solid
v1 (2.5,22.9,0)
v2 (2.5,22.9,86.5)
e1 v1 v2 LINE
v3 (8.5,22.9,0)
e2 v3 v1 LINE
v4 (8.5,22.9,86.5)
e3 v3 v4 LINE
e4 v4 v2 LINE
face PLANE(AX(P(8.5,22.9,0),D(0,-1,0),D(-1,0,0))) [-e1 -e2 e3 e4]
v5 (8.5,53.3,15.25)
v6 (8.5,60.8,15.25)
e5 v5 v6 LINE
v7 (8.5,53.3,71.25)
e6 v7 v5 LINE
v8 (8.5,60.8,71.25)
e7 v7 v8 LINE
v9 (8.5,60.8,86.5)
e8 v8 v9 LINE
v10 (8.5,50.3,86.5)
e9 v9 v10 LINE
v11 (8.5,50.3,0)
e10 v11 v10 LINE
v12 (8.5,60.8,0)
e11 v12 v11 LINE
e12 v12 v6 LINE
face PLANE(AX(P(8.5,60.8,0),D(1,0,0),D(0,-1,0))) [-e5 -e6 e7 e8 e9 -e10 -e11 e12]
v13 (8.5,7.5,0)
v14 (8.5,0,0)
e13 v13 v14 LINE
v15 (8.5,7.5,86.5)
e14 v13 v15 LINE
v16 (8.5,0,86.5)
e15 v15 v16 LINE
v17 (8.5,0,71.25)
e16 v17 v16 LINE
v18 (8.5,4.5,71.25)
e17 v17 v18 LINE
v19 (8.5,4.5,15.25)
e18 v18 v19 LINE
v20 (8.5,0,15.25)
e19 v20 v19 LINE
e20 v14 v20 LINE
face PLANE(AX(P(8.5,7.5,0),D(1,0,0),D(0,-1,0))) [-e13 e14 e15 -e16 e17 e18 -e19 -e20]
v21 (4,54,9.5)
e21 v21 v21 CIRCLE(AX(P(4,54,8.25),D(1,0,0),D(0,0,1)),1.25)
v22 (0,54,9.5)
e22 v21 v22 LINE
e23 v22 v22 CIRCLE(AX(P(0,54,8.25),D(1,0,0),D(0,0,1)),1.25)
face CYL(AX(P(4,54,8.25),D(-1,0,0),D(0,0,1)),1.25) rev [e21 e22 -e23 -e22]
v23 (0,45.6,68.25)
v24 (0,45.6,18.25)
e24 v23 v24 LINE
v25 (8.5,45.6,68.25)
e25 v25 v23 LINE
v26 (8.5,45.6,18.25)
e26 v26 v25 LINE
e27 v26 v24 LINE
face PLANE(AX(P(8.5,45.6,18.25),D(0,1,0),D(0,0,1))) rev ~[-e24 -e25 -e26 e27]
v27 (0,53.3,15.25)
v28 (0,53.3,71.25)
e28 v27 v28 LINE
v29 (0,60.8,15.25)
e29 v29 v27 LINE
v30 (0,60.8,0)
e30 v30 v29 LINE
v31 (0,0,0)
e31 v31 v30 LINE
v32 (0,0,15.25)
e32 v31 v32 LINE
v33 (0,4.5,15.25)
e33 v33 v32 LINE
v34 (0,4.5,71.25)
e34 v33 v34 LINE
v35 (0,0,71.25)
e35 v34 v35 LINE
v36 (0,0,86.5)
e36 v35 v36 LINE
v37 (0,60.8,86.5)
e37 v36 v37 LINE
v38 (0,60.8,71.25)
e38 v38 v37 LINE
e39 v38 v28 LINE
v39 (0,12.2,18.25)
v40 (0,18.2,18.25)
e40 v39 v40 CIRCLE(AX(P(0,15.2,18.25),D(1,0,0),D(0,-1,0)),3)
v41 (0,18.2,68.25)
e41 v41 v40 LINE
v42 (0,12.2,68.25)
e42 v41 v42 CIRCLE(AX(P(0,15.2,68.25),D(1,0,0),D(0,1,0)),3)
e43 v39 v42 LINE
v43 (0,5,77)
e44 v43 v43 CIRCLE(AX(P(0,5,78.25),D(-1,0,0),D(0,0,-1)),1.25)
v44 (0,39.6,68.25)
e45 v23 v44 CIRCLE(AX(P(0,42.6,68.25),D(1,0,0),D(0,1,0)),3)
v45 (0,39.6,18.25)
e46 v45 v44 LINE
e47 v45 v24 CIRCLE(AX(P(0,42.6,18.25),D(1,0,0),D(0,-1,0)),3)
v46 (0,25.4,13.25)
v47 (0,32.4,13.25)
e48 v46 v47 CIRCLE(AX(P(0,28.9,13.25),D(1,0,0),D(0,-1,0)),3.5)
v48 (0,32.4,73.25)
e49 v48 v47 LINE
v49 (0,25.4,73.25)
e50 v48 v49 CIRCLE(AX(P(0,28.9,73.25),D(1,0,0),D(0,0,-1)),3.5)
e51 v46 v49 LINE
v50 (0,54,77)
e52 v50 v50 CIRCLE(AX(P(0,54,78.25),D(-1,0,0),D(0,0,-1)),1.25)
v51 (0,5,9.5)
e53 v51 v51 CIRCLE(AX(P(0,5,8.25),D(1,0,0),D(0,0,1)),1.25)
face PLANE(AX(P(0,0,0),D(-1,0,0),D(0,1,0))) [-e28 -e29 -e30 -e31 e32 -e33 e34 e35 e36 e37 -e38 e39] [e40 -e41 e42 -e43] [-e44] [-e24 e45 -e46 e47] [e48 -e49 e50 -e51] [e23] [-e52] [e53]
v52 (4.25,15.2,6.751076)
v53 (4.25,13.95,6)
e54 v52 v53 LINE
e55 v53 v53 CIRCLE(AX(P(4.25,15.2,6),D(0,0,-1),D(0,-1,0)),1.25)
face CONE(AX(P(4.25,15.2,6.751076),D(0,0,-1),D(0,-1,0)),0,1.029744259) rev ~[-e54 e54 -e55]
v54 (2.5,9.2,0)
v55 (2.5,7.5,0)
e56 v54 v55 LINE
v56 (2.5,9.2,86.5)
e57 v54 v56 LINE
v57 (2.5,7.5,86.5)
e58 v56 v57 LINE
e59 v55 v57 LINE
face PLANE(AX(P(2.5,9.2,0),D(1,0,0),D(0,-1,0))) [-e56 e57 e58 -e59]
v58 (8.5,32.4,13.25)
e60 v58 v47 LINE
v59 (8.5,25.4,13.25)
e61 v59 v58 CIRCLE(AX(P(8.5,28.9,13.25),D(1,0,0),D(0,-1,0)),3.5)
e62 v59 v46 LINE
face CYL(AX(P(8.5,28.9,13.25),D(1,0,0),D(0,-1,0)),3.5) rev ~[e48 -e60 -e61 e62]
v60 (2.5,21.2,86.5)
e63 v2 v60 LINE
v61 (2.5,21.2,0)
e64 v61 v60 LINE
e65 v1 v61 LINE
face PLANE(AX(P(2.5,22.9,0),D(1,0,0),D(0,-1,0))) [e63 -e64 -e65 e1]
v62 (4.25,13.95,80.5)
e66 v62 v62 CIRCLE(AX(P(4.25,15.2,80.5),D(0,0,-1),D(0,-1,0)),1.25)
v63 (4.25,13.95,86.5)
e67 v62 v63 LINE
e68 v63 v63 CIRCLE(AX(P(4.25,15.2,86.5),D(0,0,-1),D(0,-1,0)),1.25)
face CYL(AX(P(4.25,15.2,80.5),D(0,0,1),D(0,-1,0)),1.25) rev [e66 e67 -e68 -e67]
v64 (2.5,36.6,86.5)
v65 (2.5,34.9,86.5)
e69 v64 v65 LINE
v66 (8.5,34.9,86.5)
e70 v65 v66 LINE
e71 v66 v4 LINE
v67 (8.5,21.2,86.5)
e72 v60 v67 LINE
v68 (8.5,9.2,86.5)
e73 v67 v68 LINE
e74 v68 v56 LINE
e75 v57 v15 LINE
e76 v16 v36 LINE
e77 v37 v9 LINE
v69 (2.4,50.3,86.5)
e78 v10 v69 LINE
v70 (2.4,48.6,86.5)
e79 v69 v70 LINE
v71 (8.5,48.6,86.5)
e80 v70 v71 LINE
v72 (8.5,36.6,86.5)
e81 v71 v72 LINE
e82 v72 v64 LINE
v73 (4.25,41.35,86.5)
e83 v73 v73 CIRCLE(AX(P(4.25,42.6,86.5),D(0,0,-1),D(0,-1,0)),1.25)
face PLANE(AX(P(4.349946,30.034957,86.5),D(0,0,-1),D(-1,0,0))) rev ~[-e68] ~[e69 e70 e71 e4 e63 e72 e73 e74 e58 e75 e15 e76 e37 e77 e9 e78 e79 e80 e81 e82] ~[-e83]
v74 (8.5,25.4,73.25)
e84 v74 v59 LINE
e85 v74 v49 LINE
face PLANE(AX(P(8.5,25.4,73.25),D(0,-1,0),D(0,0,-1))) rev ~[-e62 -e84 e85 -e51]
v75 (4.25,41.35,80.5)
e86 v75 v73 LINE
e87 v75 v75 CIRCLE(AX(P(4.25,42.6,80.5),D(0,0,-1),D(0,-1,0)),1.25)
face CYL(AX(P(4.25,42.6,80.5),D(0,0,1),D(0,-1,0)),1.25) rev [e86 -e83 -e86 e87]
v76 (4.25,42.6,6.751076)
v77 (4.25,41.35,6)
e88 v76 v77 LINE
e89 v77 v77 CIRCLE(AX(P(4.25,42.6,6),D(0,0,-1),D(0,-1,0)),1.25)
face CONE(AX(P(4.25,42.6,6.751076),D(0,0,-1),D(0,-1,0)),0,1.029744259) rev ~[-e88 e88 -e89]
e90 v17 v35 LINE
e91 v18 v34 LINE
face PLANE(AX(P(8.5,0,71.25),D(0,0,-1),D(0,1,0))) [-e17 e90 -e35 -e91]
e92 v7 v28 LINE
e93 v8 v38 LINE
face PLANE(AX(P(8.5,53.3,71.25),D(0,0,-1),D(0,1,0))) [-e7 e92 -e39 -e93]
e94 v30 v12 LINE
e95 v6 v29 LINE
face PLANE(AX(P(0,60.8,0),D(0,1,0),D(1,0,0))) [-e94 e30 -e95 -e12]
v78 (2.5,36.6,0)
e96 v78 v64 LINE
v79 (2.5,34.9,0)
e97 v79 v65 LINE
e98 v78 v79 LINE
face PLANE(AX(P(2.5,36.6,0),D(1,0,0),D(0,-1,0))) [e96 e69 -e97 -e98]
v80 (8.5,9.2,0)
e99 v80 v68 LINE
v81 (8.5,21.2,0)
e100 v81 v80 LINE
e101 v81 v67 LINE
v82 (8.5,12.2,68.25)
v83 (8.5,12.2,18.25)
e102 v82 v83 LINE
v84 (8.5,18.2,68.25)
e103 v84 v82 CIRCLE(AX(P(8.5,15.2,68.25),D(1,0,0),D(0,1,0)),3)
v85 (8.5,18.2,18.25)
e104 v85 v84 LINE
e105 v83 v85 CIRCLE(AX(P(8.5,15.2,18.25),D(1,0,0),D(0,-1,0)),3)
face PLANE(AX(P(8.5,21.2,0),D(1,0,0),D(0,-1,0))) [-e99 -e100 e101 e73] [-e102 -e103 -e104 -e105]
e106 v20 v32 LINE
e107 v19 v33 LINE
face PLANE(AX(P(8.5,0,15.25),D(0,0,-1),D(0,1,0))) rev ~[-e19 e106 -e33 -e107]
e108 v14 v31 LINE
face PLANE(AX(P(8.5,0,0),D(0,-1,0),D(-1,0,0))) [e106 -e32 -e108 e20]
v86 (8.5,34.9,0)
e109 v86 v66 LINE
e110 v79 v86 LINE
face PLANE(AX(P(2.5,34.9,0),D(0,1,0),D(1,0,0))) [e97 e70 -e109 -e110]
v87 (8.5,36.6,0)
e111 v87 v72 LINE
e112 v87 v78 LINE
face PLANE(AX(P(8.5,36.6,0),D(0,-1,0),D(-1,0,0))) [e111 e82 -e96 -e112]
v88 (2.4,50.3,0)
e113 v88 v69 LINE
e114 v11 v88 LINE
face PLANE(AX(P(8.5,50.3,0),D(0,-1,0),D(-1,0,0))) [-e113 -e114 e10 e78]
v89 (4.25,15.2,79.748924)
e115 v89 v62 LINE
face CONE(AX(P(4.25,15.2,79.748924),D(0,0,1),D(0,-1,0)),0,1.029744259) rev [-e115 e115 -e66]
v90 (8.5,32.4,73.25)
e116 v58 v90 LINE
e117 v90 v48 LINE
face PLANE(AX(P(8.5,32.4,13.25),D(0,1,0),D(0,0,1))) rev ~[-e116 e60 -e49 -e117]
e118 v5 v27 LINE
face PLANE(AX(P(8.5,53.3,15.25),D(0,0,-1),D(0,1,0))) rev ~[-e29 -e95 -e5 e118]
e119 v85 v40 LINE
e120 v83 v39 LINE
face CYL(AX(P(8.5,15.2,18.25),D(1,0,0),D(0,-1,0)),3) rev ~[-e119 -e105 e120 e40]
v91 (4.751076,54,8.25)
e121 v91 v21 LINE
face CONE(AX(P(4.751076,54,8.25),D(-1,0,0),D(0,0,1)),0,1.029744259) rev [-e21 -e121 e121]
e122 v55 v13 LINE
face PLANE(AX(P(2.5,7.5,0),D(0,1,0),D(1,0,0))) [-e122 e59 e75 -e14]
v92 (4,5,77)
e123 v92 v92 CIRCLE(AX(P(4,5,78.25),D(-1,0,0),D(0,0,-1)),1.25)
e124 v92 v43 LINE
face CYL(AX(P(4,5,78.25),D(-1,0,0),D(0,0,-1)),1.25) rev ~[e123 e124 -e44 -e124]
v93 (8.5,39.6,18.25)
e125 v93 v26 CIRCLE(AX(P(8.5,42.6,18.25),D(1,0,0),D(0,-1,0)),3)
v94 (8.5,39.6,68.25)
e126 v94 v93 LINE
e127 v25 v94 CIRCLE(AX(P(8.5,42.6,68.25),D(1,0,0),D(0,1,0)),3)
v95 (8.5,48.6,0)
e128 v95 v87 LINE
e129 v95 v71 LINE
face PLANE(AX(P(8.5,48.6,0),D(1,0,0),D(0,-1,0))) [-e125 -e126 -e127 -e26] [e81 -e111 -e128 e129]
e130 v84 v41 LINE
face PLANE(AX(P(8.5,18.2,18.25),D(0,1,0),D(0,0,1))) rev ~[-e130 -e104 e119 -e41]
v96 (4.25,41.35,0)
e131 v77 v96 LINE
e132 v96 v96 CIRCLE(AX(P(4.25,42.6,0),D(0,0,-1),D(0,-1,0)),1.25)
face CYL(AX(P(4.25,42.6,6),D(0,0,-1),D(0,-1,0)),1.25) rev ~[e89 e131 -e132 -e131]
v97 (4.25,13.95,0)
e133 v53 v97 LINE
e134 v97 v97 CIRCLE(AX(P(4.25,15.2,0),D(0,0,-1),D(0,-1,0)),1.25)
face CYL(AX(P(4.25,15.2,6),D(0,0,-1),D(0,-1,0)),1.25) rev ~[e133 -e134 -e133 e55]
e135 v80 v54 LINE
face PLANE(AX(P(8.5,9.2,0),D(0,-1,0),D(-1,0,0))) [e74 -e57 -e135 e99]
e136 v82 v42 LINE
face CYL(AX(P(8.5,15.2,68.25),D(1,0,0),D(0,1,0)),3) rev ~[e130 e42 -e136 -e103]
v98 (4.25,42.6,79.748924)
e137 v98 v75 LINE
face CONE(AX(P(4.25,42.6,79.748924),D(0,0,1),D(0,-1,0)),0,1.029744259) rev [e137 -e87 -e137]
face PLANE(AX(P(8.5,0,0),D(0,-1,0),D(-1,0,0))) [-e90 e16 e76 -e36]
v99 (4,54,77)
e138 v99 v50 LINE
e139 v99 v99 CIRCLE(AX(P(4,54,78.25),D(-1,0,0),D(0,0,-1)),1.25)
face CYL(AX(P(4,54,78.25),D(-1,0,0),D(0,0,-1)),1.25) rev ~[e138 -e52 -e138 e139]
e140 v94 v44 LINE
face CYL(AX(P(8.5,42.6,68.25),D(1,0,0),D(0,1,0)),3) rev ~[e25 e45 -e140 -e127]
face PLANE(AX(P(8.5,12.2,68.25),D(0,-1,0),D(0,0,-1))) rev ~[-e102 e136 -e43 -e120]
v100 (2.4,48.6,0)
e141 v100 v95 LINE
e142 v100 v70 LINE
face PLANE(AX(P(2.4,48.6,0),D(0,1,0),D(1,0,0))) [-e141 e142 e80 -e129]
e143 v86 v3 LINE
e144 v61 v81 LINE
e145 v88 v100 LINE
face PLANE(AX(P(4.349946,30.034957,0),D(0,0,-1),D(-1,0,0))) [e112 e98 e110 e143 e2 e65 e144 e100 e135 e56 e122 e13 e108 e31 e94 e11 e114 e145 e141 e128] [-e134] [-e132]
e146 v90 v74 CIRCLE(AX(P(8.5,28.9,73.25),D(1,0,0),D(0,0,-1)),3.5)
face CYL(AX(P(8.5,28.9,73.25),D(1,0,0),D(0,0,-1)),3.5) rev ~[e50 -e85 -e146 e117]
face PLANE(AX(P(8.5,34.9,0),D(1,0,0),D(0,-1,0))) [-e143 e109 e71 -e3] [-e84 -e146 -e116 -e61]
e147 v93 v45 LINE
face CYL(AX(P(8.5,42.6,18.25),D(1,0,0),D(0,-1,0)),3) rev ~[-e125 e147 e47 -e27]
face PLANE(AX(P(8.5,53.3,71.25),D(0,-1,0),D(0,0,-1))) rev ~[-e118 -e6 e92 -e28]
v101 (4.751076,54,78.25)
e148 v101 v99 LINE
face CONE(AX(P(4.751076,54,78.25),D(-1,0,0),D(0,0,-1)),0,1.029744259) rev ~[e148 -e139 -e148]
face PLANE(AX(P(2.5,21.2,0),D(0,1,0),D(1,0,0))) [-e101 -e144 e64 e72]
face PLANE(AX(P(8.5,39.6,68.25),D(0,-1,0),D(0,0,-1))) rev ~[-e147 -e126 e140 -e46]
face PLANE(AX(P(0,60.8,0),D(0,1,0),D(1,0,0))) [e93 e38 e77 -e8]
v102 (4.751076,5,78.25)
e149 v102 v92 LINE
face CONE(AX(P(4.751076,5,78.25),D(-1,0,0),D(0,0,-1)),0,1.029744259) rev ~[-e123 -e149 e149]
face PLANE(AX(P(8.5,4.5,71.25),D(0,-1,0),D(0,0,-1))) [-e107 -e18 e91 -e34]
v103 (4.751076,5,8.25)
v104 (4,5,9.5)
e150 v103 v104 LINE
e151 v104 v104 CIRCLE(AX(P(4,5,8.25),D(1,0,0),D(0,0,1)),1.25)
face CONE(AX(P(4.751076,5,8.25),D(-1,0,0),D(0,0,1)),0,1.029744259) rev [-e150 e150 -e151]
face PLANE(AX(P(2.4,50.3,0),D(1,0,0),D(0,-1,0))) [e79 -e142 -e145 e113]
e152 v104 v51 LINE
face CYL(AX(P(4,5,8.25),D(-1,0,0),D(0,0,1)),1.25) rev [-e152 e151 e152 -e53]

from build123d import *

# Parameters (mm, degrees)
BOSS_EXTRUDE1_DEPTH            = 86.5
M3X0_5_TAPPED_HOLE2_AT_2_COUNT = 2
M3X0_5_TAPPED_HOLE2_AT_2_PITCH = 27.4
M3X0_5_TAPPED_HOLE1_AT_2_COUNT = 2
M3X0_5_TAPPED_HOLE1_AT_2_PITCH = 49
SKETCH14_R                     = 3.5
CUT_EXTRUDE3_DEPTH             = 9.5
CUT_EXTRUDE1_DEPTH             = 9.5
SKETCH15_W                     = 56
SKETCH15_H                     = 7.5
CUT_EXTRUDE4_DEPTH             = 9.5
SKETCH16_W                     = 56
SKETCH16_H                     = 4.5
CUT_EXTRUDE5_DEPTH             = 9.5


with BuildPart() as part:
    # Sketch1 → Boss-Extrude1 (new body)
    with BuildSketch(Plane.XY):
        Polygon((0, 0), (0, 60.8), (8.5, 60.8), (8.5, 50.3), (2.4, 50.3), (2.4, 48.6), (8.5, 48.6), (8.5, 36.6), (2.5, 36.6), (2.5, 34.9), (8.5, 34.9), (8.5, 22.9), (2.5, 22.9), (2.5, 21.2), (8.5, 21.2), (8.5, 9.2), (2.5, 9.2), (2.5, 7.5), (8.5, 7.5), (8.5, 0), align=None)
    extrude(amount=BOSS_EXTRUDE1_DEPTH)

    # Sketch4 → M3x0.5 Tapped Hole2 (revolve, cut)
    with BuildSketch(Plane(origin=(4.25, 42.6, 86.5), x_dir=(0, -1, 0), z_dir=(1, 0, 0))):
        Polygon((0, 0), (0, 6.751075774), (1.25, 6), (1.25, 0), align=None)
    m3x0_5_tapped_hole2 = revolve(axis=Axis((4.25, 42.6, 92.85), (0, 0, -1)), mode=Mode.SUBTRACT)

    # M3x0.5 Tapped Hole2 at 2: M3x0.5 Tapped Hole2 ×2
    with Locations(*[(0, -i * M3X0_5_TAPPED_HOLE2_AT_2_PITCH, 0) for i in range(1, M3X0_5_TAPPED_HOLE2_AT_2_COUNT)]):
        add(m3x0_5_tapped_hole2, mode=Mode.SUBTRACT)

    # Mirror1: M3x0.5 Tapped Hole2 across plane
    add(m3x0_5_tapped_hole2.mirror(Plane.XY.offset(43.25)), mode=Mode.SUBTRACT)

    # Mirror1 copy 1 sketch → Mirror1 copy 1 (revolve, cut)
    with BuildSketch(Plane(origin=(4.25, 15.2, 0), x_dir=(0, -1, 0), z_dir=(1, 0, 0))):
        Polygon((0, 0), (0, -6.751075774), (1.25, -6), (1.25, 0), align=None)
    revolve(axis=Axis((4.25, 15.2, -6.35), (0, 0, -1)), mode=Mode.SUBTRACT)

    # Sketch11 → M3x0.5 Tapped Hole1 (revolve, cut)
    with BuildSketch(Plane(origin=(0, 5, 8.25), x_dir=(0, 0, 1), z_dir=(0, 1, 0))):
        Polygon((0, 0), (0, 4.751075774), (1.25, 4), (1.25, 0), align=None)
    m3x0_5_tapped_hole1 = revolve(axis=Axis((-6.35, 5, 8.25), (1, 0, 0)), mode=Mode.SUBTRACT)

    # M3x0.5 Tapped Hole1 at 2: M3x0.5 Tapped Hole1 ×2
    with Locations(*[(0, i * M3X0_5_TAPPED_HOLE1_AT_2_PITCH, 0) for i in range(1, M3X0_5_TAPPED_HOLE1_AT_2_COUNT)]):
        add(m3x0_5_tapped_hole1, mode=Mode.SUBTRACT)

    # Mirror2: M3x0.5 Tapped Hole1 across plane
    add(m3x0_5_tapped_hole1.mirror(Plane(origin=(0, 0, 43.25), x_dir=(1, 0, 0), z_dir=(0, 0, -1))), mode=Mode.SUBTRACT)

    # Mirror2 copy 1 sketch → Mirror2 copy 1 (revolve, cut)
    with BuildSketch(Plane(origin=(0, 54, 78.25), x_dir=(0, 0, -1), z_dir=(0, 1, 0))):
        Polygon((0, 0), (0, -4.751075774), (1.25, -4), (1.25, 0), align=None)
    revolve(axis=Axis((-6.35, 54, 78.25), (-1, 0, 0)), mode=Mode.SUBTRACT)

    # Sketch14 → Cut-Extrude3 (cut, through all)
    with BuildSketch(Plane(origin=(8.5, 0, 0), x_dir=(0, 0, -1), z_dir=(1, 0, 0))):
        with BuildLine():
            Line((-13.25, 32.4), (-73.25, 32.4))
            ThreePointArc((-73.25, 32.4), (-70.775126266, 31.374873734), (-69.75, 28.9))
            ThreePointArc((-69.75, 28.9), (-70.775126266, 26.425126266), (-73.25, 25.4))
            Line((-73.25, 25.4), (-13.25, 25.4))
            ThreePointArc((-13.25, 25.4), (-16.75, 28.9), (-13.25, 32.4))
        make_face()
        with Locations((-73.25, 28.9)):
            Circle(SKETCH14_R)
        with Locations((-13.25, 28.9)):
            Circle(SKETCH14_R)
    extrude(amount=-CUT_EXTRUDE3_DEPTH, mode=Mode.SUBTRACT)

    # Sketch12 → Cut-Extrude1 (cut, through all)
    with BuildSketch(Plane(origin=(8.5, 0, 0), x_dir=(0, 0, -1), z_dir=(1, 0, 0))):
        with BuildLine():
            Line((-18.25, 45.6), (-68.25, 45.6))
            ThreePointArc((-68.25, 45.6), (-71.25, 42.6), (-68.25, 39.6))
            Line((-68.25, 39.6), (-18.25, 39.6))
            ThreePointArc((-18.25, 39.6), (-15.25, 42.6), (-18.25, 45.6))
        make_face()
        with BuildLine():
            Line((-18.25, 18.2), (-68.25, 18.2))
            ThreePointArc((-68.25, 18.2), (-71.25, 15.2), (-68.25, 12.2))
            Line((-68.25, 12.2), (-18.25, 12.2))
            ThreePointArc((-18.25, 12.2), (-15.25, 15.2), (-18.25, 18.2))
        make_face()
    extrude(amount=-CUT_EXTRUDE1_DEPTH, mode=Mode.SUBTRACT)

    # Sketch15 → Cut-Extrude4 (cut, through all)
    with BuildSketch(Plane(origin=(8.5, 0, 0), x_dir=(0, 0, -1), z_dir=(1, 0, 0))):
        with Locations((-43.25, 57.05)):
            Rectangle(SKETCH15_W, SKETCH15_H)
    extrude(amount=-CUT_EXTRUDE4_DEPTH, mode=Mode.SUBTRACT)

    # Sketch16 → Cut-Extrude5 (cut, through all)
    with BuildSketch(Plane(origin=(8.5, 0, 0), x_dir=(0, 0, -1), z_dir=(1, 0, 0))):
        with Locations((-43.25, 2.25)):
            Rectangle(SKETCH16_W, SKETCH16_H)
    extrude(amount=-CUT_EXTRUDE5_DEPTH, mode=Mode.SUBTRACT)


solid = part.part
